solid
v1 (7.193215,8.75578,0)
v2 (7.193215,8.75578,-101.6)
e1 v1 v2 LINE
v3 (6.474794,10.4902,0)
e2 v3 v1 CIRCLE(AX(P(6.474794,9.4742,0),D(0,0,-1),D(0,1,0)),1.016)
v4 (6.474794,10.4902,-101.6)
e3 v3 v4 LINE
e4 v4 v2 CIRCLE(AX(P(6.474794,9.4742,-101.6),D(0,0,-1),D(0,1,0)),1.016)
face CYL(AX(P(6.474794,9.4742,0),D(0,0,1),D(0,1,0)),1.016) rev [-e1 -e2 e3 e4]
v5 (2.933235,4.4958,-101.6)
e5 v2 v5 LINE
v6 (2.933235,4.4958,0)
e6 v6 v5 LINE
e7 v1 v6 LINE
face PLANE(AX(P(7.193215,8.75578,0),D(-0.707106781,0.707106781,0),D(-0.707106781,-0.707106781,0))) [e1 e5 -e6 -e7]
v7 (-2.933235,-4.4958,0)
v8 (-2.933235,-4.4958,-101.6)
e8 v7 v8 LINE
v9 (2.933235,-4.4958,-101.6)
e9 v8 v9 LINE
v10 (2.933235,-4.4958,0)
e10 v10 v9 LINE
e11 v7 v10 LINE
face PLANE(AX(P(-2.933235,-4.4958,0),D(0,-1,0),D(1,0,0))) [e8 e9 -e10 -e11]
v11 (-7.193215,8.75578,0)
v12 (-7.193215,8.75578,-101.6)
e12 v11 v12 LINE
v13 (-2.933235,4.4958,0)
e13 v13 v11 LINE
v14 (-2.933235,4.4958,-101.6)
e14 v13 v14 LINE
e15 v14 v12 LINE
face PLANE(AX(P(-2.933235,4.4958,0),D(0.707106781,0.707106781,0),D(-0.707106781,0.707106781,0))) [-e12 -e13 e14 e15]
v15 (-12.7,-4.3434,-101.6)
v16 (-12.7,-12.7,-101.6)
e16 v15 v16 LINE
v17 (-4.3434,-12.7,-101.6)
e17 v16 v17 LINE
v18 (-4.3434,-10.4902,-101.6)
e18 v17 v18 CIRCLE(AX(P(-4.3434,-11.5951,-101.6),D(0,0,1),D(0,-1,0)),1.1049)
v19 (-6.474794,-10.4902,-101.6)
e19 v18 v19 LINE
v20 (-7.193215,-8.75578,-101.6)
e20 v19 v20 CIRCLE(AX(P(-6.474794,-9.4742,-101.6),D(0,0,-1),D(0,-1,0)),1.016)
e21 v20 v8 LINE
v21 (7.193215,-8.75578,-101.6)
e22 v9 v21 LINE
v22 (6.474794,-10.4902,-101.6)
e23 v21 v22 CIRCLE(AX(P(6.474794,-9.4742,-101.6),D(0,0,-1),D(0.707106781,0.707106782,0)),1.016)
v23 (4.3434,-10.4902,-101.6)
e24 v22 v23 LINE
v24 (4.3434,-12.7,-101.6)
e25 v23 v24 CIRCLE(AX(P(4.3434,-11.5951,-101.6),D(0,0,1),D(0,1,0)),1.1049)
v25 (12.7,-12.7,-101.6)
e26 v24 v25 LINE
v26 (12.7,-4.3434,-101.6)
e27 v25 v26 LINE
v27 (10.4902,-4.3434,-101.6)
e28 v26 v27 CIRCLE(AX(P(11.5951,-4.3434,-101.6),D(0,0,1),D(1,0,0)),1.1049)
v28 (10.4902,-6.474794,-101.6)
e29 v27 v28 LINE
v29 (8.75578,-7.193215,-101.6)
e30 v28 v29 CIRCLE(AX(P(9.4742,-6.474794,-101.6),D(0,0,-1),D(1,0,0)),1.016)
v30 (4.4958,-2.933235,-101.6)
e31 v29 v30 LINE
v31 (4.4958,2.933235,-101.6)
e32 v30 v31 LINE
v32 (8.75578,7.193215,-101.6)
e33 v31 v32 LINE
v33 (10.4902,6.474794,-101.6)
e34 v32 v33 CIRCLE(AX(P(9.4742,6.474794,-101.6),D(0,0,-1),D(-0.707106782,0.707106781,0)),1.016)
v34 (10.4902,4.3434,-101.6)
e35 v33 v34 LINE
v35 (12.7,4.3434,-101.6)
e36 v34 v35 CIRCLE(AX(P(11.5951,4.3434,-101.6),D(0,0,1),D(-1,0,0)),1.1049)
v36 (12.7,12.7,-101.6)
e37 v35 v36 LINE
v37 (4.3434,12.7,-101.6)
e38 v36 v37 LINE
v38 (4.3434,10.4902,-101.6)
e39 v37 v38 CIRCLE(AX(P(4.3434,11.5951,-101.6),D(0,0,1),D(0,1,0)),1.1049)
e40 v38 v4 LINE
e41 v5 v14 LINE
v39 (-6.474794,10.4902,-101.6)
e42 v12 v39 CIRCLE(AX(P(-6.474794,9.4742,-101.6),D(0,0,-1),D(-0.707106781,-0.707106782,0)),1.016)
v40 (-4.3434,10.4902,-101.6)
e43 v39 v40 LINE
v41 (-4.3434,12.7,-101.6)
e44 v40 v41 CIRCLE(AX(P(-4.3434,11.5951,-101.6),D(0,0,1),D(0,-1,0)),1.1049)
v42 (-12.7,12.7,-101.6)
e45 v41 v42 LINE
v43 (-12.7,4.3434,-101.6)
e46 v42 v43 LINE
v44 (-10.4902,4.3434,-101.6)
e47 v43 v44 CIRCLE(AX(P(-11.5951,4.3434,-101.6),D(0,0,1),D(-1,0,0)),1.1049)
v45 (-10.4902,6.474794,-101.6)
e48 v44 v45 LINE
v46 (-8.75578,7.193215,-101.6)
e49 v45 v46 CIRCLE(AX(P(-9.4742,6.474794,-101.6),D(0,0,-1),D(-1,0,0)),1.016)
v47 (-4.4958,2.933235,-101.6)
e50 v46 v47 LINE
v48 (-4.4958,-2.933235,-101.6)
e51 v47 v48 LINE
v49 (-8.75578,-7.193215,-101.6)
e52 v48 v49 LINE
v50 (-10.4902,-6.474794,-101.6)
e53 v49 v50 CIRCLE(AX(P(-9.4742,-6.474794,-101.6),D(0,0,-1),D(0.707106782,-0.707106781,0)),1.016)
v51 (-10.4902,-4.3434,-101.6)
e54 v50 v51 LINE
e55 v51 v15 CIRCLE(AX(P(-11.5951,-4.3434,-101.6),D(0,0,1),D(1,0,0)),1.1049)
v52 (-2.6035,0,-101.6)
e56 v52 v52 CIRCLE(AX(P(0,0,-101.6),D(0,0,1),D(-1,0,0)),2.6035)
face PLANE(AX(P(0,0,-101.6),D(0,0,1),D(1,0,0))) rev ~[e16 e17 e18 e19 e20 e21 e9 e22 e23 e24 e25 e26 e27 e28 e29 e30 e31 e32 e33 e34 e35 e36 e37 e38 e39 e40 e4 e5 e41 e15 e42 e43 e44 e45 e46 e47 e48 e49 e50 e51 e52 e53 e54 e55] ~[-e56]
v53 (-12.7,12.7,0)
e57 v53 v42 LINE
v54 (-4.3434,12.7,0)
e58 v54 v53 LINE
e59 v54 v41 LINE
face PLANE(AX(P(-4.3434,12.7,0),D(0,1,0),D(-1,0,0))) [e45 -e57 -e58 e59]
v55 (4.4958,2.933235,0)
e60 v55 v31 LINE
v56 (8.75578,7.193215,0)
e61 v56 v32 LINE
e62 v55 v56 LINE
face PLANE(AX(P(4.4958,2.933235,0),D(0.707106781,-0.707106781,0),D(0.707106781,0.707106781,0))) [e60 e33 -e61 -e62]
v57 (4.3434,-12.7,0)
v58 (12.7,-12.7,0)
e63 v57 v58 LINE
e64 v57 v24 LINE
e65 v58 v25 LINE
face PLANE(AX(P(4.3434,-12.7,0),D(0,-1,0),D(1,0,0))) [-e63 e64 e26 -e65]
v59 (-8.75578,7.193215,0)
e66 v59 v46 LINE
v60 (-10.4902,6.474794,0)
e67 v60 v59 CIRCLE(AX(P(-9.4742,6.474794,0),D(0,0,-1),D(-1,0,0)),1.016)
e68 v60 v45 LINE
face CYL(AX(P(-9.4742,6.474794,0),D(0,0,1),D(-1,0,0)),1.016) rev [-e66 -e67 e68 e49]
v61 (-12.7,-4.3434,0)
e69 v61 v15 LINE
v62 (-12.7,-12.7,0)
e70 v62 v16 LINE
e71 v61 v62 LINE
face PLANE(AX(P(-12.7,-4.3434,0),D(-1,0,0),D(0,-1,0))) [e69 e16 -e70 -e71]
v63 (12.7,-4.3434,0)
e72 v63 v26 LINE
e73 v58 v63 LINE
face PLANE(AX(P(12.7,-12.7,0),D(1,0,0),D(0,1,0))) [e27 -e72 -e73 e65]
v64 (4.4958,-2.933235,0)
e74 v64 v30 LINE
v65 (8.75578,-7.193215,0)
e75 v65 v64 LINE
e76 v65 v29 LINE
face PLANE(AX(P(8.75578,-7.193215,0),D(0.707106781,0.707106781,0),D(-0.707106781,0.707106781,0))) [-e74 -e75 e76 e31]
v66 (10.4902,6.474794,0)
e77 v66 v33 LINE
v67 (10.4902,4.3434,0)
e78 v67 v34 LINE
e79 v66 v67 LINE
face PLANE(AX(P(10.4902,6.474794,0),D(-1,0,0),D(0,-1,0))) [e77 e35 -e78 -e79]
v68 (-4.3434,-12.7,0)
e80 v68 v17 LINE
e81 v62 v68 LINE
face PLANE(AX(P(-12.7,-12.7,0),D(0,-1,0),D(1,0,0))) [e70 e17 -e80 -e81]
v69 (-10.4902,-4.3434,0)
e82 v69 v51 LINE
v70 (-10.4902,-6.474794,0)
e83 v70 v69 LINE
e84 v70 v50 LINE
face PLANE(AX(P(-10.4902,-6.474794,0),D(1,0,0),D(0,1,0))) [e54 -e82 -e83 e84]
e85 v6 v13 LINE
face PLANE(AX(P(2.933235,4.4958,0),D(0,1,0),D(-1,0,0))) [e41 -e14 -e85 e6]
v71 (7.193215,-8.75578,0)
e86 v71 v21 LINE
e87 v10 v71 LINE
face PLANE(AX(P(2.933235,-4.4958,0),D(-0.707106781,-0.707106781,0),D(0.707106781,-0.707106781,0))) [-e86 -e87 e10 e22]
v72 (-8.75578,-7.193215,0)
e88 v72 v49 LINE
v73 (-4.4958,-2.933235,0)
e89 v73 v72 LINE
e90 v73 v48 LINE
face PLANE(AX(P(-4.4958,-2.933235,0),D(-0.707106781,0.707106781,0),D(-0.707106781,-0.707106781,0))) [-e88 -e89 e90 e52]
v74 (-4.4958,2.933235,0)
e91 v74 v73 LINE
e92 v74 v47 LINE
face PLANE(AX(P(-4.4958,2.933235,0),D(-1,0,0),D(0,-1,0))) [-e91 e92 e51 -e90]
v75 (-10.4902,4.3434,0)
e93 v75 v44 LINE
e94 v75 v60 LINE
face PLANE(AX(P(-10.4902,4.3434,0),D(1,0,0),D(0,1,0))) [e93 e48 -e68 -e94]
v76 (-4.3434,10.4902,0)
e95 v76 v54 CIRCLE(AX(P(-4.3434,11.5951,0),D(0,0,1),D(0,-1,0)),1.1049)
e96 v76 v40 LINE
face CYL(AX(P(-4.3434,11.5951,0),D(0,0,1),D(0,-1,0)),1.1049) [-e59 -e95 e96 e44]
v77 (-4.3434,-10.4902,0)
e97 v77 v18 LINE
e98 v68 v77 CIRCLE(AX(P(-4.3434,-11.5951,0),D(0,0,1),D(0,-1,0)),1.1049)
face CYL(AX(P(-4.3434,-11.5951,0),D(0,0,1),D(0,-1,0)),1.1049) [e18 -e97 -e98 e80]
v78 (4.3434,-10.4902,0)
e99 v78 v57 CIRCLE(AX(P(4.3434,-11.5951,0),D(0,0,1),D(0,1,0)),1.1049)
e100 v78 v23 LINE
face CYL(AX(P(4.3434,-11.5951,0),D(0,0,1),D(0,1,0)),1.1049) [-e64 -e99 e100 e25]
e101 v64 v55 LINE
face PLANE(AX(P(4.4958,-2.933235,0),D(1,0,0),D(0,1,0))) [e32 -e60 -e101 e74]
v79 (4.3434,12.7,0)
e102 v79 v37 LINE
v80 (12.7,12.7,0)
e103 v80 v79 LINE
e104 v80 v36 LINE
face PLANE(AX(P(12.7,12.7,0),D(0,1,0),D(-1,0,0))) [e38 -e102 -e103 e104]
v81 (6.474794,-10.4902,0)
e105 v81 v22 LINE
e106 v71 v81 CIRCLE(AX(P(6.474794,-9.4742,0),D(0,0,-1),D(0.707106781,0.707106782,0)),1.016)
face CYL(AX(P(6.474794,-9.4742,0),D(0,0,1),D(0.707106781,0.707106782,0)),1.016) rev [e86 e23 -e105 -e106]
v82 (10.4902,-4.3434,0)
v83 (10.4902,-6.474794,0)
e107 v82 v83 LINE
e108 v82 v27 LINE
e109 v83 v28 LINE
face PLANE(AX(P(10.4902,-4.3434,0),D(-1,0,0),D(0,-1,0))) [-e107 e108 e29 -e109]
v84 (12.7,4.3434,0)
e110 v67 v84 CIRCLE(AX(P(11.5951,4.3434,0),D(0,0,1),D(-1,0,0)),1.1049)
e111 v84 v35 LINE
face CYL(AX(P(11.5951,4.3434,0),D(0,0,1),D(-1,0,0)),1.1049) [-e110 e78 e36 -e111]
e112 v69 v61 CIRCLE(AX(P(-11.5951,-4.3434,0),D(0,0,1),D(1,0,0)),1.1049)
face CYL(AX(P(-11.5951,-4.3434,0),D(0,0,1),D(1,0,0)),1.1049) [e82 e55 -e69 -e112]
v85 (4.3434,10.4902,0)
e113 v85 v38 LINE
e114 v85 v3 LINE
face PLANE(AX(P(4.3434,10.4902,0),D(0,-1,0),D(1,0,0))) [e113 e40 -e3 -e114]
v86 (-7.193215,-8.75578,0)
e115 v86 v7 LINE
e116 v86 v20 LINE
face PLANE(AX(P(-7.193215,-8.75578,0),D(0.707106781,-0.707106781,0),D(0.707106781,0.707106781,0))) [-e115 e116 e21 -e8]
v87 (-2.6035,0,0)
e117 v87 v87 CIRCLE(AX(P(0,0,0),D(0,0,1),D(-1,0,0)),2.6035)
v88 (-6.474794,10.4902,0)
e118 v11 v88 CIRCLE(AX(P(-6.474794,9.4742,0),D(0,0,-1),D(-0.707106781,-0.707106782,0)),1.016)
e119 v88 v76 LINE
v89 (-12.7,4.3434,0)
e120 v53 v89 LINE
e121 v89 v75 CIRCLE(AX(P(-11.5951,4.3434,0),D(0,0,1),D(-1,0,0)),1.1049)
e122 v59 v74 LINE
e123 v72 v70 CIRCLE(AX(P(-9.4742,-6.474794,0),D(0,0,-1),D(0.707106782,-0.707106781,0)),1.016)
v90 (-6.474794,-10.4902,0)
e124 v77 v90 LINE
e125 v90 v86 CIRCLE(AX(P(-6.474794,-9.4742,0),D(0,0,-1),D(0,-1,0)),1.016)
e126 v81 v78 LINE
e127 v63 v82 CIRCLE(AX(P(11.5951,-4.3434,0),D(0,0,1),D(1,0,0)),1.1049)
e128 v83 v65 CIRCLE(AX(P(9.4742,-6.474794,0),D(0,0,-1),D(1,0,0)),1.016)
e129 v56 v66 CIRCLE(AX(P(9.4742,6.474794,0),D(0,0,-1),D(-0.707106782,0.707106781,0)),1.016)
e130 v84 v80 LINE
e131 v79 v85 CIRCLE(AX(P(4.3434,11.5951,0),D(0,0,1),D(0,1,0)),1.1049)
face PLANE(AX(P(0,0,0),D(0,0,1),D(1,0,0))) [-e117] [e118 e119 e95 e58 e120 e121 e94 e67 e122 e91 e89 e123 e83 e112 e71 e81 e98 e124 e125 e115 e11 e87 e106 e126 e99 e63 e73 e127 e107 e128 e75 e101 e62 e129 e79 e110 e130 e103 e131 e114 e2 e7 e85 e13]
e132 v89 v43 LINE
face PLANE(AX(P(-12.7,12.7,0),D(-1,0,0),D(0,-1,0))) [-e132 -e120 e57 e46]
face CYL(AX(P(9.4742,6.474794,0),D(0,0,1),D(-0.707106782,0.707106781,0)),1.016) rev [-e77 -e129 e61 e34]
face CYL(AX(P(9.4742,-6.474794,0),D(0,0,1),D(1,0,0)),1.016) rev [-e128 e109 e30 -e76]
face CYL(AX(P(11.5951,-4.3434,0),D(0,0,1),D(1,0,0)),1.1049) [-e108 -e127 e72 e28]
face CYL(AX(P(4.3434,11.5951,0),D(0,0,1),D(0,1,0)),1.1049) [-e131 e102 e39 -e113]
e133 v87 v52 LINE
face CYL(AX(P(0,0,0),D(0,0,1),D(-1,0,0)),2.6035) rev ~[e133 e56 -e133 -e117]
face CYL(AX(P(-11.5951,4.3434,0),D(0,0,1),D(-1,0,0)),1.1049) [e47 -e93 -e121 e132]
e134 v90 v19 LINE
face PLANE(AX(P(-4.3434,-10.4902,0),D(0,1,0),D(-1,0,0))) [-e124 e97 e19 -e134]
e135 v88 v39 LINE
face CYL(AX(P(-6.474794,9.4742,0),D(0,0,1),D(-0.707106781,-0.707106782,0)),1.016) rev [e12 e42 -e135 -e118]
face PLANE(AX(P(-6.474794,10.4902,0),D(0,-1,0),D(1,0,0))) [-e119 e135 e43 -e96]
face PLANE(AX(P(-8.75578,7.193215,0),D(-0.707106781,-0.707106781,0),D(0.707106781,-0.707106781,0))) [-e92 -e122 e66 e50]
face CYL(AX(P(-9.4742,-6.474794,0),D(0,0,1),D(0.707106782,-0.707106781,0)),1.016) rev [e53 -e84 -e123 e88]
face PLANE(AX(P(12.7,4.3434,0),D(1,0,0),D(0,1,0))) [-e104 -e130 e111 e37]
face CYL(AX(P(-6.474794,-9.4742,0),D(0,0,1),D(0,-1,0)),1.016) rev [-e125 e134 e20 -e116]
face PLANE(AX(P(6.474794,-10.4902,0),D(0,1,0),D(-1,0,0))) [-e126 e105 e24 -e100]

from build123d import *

# Parameters (mm, degrees)
SKETCH1_R           = 2.6035
BOSS_EXTRUDE1_DEPTH = 101.6


with BuildPart() as part:
    # Sketch1 → Boss-Extrude1 (new body)
    with BuildSketch(Plane.XY):
        with BuildLine():
            Line((-12.7, -12.7), (-4.343399971, -12.7))
            ThreePointArc((-4.343399971, -12.7), (-3.238499971, -11.5951), (-4.343399971, -10.4902))
            Line((-4.343399971, -10.4902), (-6.474794456, -10.4902))
            ThreePointArc((-6.474794456, -10.4902), (-7.413456061, -9.863006367), (-7.193214945, -8.75577951))
            Line((-7.193214945, -8.75577951), (-2.933235435, -4.4958))
            Line((-2.933235435, -4.4958), (2.933235435, -4.4958))
            Line((2.933235435, -4.4958), (7.193214945, -8.75577951))
            ThreePointArc((7.193214945, -8.75577951), (7.413456061, -9.863006367), (6.474794456, -10.4902))
            Line((6.474794456, -10.4902), (4.3434, -10.4902))
            ThreePointArc((4.3434, -10.4902), (3.2385, -11.5951), (4.3434, -12.7))
            Line((4.3434, -12.7), (12.7, -12.7))
            Line((12.7, -12.7), (12.7, -4.343399971))
            ThreePointArc((12.7, -4.343399971), (11.5951, -3.238499971), (10.4902, -4.343399971))
            Line((10.4902, -4.343399971), (10.4902, -6.474794456))
            ThreePointArc((10.4902, -6.474794456), (9.863006367, -7.413456061), (8.75577951, -7.193214945))
            Line((8.75577951, -7.193214945), (4.4958, -2.933235435))
            Line((4.4958, -2.933235435), (4.4958, 2.933235435))
            Line((4.4958, 2.933235435), (8.75577951, 7.193214945))
            ThreePointArc((8.75577951, 7.193214945), (9.863006367, 7.413456061), (10.4902, 6.474794456))
            Line((10.4902, 6.474794456), (10.4902, 4.3434))
            ThreePointArc((10.4902, 4.3434), (11.5951, 3.2385), (12.7, 4.3434))
            Line((12.7, 4.3434), (12.7, 12.7))
            Line((12.7, 12.7), (4.343399971, 12.7))
            ThreePointArc((4.343399971, 12.7), (3.238499971, 11.5951), (4.343399971, 10.4902))
            Line((4.343399971, 10.4902), (6.474794456, 10.4902))
            ThreePointArc((6.474794456, 10.4902), (7.413456061, 9.863006367), (7.193214945, 8.75577951))
            Line((7.193214945, 8.75577951), (2.933235435, 4.4958))
            Line((2.933235435, 4.4958), (-2.933235435, 4.4958))
            Line((-2.933235435, 4.4958), (-7.193214945, 8.75577951))
            ThreePointArc((-7.193214945, 8.75577951), (-7.413456061, 9.863006367), (-6.474794456, 10.4902))
            Line((-6.474794456, 10.4902), (-4.3434, 10.4902))
            ThreePointArc((-4.3434, 10.4902), (-3.2385, 11.5951), (-4.3434, 12.7))
            Line((-4.3434, 12.7), (-12.7, 12.7))
            Line((-12.7, 12.7), (-12.7, 4.343399971))
            ThreePointArc((-12.7, 4.343399971), (-11.5951, 3.238499971), (-10.4902, 4.343399971))
            Line((-10.4902, 4.343399971), (-10.4902, 6.474794456))
            ThreePointArc((-10.4902, 6.474794456), (-9.863006367, 7.413456061), (-8.75577951, 7.193214945))
            Line((-8.75577951, 7.193214945), (-4.4958, 2.933235435))
            Line((-4.4958, 2.933235435), (-4.4958, -2.933235435))
            Line((-4.4958, -2.933235435), (-8.75577951, -7.193214945))
            ThreePointArc((-8.75577951, -7.193214945), (-9.863006367, -7.413456061), (-10.4902, -6.474794456))
            Line((-10.4902, -6.474794456), (-10.4902, -4.3434))
            ThreePointArc((-10.4902, -4.3434), (-11.5951, -3.2385), (-12.7, -4.3434))
            Line((-12.7, -4.3434), (-12.7, -12.7))
        make_face()
        with Locations(Location((0, 0, 0), (0, 0, 180))):
            Circle(SKETCH1_R, mode=Mode.SUBTRACT)
    extrude(amount=-BOSS_EXTRUDE1_DEPTH)


solid = part.part
